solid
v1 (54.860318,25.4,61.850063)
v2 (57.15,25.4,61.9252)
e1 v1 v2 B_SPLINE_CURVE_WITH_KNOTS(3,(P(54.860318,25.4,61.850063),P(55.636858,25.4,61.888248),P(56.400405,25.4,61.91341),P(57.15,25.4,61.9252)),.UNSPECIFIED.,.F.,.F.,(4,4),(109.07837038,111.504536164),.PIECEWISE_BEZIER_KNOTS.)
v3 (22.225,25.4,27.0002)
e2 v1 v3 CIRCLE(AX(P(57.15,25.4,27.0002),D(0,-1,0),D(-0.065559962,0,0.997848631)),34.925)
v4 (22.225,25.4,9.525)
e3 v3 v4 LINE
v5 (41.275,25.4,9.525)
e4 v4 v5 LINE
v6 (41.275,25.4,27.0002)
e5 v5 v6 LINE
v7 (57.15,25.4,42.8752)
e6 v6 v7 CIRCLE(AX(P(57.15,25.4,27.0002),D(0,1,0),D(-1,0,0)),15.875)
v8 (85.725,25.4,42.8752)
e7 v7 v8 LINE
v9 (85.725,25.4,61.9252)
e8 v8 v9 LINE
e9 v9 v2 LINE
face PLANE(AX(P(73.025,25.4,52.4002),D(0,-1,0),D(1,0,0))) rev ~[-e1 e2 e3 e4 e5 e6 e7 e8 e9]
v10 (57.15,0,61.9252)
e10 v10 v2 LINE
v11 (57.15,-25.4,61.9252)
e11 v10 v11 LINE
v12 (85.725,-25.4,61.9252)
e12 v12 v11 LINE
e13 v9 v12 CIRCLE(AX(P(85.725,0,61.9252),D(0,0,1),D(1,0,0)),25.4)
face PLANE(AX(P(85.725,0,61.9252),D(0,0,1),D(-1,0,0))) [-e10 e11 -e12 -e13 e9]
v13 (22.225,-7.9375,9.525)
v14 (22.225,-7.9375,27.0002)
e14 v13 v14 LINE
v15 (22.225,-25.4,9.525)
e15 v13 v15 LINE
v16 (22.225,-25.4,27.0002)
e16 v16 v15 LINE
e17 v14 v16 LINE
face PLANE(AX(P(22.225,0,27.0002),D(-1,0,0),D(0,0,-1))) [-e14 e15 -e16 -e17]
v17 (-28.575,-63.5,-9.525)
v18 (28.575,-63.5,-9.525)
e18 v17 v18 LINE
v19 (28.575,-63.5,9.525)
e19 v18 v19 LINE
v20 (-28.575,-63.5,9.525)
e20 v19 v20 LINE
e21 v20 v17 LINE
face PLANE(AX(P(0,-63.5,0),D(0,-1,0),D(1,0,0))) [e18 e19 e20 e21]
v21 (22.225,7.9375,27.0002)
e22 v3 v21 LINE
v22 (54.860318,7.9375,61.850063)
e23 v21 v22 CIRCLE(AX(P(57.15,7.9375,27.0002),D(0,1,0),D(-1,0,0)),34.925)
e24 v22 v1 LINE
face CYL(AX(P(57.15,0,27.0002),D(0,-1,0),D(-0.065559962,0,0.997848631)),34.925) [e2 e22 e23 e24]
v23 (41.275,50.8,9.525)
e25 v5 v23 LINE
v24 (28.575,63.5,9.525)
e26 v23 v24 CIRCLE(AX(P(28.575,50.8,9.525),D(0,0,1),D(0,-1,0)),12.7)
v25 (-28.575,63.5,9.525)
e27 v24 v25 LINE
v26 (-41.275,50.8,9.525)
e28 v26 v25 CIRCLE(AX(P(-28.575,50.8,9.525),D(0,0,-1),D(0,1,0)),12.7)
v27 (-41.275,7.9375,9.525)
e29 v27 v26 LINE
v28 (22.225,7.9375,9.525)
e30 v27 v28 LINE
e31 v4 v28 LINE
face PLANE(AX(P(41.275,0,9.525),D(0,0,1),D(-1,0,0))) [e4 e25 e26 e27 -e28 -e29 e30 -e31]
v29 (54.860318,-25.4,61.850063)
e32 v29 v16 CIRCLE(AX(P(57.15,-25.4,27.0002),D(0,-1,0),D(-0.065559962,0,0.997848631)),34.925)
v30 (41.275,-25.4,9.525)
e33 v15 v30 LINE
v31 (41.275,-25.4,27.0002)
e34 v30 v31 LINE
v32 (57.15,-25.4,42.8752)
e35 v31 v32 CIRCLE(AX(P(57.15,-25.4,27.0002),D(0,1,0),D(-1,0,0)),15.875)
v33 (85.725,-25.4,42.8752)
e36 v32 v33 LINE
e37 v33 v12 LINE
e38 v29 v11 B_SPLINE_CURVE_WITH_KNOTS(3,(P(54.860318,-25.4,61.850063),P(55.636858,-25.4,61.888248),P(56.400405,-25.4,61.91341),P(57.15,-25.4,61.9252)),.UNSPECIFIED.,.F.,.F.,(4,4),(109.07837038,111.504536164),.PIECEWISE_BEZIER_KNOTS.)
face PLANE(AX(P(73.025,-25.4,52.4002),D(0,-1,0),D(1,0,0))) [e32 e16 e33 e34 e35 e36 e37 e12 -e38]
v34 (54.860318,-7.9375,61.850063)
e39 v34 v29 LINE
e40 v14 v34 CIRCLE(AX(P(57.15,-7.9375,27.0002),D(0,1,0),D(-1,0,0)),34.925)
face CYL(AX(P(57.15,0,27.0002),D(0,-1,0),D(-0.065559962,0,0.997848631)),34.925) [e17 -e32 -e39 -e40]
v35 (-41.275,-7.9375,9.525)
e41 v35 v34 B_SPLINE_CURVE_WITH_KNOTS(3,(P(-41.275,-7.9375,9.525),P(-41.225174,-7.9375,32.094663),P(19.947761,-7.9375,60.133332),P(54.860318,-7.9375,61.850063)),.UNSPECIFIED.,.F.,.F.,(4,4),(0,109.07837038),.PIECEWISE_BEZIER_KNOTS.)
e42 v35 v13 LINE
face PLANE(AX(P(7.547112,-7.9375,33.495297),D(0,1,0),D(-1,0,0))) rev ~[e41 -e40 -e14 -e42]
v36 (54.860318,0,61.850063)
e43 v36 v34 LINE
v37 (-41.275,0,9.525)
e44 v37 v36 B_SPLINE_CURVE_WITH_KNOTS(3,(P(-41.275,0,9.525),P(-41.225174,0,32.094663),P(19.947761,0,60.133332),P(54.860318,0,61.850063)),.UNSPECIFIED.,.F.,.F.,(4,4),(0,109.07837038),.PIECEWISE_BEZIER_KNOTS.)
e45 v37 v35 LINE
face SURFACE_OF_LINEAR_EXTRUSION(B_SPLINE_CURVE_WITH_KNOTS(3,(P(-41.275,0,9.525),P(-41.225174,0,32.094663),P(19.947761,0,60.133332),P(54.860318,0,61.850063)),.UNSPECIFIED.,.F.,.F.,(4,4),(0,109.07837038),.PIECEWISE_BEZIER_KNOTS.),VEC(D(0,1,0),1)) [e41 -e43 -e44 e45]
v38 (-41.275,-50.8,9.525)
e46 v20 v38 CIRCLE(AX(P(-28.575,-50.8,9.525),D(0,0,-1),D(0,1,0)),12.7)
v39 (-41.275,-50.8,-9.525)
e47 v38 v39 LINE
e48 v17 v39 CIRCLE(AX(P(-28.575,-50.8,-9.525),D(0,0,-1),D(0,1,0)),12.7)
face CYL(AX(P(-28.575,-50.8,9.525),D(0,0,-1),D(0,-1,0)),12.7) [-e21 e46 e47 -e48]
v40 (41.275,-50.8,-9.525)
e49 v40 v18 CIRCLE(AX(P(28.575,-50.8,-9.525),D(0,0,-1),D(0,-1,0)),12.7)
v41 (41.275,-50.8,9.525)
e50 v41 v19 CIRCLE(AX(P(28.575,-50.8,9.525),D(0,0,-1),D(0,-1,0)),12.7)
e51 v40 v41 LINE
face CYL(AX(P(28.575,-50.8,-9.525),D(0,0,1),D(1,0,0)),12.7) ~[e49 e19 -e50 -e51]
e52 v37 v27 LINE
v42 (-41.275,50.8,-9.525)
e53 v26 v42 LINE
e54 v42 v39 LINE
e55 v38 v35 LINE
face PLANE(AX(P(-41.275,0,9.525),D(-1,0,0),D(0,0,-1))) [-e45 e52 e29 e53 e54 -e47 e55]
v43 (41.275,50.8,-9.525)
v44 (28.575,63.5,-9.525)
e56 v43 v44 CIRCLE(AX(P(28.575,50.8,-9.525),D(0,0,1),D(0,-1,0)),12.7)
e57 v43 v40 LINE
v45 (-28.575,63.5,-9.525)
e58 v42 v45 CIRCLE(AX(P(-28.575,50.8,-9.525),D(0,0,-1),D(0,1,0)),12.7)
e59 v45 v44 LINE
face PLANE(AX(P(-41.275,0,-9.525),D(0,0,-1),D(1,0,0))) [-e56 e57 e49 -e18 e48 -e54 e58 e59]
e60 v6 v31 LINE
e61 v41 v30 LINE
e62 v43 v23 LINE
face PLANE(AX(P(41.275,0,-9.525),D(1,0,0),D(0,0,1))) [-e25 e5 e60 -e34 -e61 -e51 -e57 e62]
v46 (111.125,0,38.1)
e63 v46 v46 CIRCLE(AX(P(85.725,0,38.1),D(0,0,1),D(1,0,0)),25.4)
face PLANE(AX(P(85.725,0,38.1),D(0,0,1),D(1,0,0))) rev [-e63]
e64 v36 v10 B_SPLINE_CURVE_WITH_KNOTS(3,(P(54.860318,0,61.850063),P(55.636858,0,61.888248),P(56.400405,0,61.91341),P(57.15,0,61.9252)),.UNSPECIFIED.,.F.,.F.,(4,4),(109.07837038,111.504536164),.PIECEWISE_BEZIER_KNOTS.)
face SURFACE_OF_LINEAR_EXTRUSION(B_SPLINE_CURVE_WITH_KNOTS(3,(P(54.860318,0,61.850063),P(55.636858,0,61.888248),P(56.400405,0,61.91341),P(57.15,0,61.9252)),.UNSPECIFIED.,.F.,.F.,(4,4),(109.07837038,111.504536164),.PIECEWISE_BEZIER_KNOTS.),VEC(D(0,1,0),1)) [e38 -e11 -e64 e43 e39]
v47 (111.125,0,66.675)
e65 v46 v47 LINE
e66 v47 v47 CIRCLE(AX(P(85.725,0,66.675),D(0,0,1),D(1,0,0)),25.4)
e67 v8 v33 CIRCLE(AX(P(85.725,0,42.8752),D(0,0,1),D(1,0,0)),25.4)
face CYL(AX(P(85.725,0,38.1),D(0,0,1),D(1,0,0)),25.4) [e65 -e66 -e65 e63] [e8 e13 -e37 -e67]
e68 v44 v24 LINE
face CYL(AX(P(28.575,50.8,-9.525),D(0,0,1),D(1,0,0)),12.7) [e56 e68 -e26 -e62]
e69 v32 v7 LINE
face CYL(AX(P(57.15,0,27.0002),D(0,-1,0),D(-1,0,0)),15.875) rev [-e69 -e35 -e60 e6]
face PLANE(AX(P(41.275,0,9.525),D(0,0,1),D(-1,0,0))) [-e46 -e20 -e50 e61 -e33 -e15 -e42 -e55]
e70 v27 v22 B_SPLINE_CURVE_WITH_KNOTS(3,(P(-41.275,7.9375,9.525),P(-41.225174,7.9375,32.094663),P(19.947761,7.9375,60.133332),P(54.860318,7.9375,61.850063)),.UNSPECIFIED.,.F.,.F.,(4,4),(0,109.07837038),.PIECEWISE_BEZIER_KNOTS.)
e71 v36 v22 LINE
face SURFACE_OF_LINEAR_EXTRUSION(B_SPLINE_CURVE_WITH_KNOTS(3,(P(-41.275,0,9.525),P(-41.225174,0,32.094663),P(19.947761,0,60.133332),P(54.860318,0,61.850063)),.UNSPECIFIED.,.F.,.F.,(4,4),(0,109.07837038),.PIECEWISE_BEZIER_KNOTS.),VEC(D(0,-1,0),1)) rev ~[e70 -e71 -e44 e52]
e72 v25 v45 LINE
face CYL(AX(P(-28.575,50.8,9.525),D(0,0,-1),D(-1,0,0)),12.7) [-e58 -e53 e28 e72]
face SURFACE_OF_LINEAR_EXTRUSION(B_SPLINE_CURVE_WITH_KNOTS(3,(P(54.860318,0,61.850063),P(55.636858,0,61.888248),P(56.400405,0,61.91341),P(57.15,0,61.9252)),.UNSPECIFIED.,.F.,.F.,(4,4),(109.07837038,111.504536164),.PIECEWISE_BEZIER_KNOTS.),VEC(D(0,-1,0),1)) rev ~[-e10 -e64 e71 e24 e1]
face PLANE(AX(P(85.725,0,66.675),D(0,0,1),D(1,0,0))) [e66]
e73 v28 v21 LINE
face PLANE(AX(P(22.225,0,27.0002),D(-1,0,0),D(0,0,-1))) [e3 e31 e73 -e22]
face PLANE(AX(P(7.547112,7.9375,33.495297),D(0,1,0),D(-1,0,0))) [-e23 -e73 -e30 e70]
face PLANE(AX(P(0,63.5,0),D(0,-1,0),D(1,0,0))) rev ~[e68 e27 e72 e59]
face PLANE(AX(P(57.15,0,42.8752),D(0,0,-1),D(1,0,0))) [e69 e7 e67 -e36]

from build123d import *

# Parameters (mm, degrees)
F1_DEPTH = 63.5
F2_DEPTH = 25.4
F3_DEPTH = 7.9375
F5_R     = 12.7


with BuildPart() as f1:
    # F0 (on Front) → F1 (new body, symmetric)
    with BuildSketch(Plane.XZ):
        Polygon((-41.275, 9.525), (-41.275, -9.525), (41.275, -9.525), (41.275, 9.525), (22.225, 9.525), align=None)
    extrude(amount=F1_DEPTH, both=True)

    # F0 (on Front) → F2 (join, symmetric)
    with BuildSketch(Plane.XZ):
        Polygon((85.725, 61.9252), (60.325, 61.9252), (60.325, 42.8752), (85.725, 42.8752), (85.725, 52.3875), align=None)
        with BuildLine():
            Line((22.225, 9.525), (41.275, 9.525))
            Line((41.275, 9.525), (41.275, 27.0002))
            ThreePointArc((41.275, 27.0002), (45.9246798487, 38.2255201513), (57.15, 42.8752))
            Line((57.15, 42.8752), (60.325, 42.8752))
            Line((60.325, 42.8752), (60.325, 61.9252))
            Line((60.325, 61.9252), (57.15, 61.9252))
            add(Edge.make_bspline(
                [(54.8603183175, 61.8500634544), (55.6368577233, 61.8882476927), (56.4004054697, 61.9134098157), (57.15, 61.9252)],
                knots=[109.0783703801, 109.0783703801, 109.0783703801, 109.0783703801, 111.5045361635, 111.5045361635, 111.5045361635, 111.5045361635], degree=3))
            ThreePointArc((54.8603183175, 61.8500634544), (31.6576211608, 50.8726578986), (22.225, 27.0002))
            Line((22.225, 27.0002), (22.225, 9.525))
        make_face()
    extrude(amount=F2_DEPTH, both=True)

    # F0 (on Front) → F3 (join, symmetric)
    with BuildSketch(Plane.XZ):
        with BuildLine():
            add(Edge.make_bspline(
                [(-41.275, 9.525), (-41.2251744093, 32.0946626857), (19.9477606111, 60.1333322619), (54.8603183175, 61.8500634544)],
                knots=[0, 0, 0, 0, 109.0783703801, 109.0783703801, 109.0783703801, 109.0783703801], degree=3))
            Line((-41.275, 9.525), (22.225, 9.525))
            Line((22.225, 9.525), (22.225, 27.0002))
            ThreePointArc((22.225, 27.0002), (31.6576211608, 50.8726578986), (54.8603183175, 61.8500634544))
        make_face()
    extrude(amount=F3_DEPTH, both=True)

    # F0 (on Front) → F4 (revolve)
    with BuildSketch(Plane.XZ):
        Polygon((85.725, 66.675), (85.725, 61.9252), (85.725, 52.3875), (85.725, 42.8752), (85.725, 38.1), (111.125, 38.1), (111.125, 66.675), align=None)
    revolve(axis=Axis((85.725, 0, 45.24375), (0, 0, 1)))

    # F5
    f5_edges = [f1.edges().sort_by_distance(p)[0] for p in [
        (41.275, -63.5, 0),
        (-41.275, -63.5, 0),
        (41.275, 63.5, 0),
        (-41.275, 63.5, 0),
    ]]
    fillet(f5_edges, radius=F5_R)


solid = f1.part
